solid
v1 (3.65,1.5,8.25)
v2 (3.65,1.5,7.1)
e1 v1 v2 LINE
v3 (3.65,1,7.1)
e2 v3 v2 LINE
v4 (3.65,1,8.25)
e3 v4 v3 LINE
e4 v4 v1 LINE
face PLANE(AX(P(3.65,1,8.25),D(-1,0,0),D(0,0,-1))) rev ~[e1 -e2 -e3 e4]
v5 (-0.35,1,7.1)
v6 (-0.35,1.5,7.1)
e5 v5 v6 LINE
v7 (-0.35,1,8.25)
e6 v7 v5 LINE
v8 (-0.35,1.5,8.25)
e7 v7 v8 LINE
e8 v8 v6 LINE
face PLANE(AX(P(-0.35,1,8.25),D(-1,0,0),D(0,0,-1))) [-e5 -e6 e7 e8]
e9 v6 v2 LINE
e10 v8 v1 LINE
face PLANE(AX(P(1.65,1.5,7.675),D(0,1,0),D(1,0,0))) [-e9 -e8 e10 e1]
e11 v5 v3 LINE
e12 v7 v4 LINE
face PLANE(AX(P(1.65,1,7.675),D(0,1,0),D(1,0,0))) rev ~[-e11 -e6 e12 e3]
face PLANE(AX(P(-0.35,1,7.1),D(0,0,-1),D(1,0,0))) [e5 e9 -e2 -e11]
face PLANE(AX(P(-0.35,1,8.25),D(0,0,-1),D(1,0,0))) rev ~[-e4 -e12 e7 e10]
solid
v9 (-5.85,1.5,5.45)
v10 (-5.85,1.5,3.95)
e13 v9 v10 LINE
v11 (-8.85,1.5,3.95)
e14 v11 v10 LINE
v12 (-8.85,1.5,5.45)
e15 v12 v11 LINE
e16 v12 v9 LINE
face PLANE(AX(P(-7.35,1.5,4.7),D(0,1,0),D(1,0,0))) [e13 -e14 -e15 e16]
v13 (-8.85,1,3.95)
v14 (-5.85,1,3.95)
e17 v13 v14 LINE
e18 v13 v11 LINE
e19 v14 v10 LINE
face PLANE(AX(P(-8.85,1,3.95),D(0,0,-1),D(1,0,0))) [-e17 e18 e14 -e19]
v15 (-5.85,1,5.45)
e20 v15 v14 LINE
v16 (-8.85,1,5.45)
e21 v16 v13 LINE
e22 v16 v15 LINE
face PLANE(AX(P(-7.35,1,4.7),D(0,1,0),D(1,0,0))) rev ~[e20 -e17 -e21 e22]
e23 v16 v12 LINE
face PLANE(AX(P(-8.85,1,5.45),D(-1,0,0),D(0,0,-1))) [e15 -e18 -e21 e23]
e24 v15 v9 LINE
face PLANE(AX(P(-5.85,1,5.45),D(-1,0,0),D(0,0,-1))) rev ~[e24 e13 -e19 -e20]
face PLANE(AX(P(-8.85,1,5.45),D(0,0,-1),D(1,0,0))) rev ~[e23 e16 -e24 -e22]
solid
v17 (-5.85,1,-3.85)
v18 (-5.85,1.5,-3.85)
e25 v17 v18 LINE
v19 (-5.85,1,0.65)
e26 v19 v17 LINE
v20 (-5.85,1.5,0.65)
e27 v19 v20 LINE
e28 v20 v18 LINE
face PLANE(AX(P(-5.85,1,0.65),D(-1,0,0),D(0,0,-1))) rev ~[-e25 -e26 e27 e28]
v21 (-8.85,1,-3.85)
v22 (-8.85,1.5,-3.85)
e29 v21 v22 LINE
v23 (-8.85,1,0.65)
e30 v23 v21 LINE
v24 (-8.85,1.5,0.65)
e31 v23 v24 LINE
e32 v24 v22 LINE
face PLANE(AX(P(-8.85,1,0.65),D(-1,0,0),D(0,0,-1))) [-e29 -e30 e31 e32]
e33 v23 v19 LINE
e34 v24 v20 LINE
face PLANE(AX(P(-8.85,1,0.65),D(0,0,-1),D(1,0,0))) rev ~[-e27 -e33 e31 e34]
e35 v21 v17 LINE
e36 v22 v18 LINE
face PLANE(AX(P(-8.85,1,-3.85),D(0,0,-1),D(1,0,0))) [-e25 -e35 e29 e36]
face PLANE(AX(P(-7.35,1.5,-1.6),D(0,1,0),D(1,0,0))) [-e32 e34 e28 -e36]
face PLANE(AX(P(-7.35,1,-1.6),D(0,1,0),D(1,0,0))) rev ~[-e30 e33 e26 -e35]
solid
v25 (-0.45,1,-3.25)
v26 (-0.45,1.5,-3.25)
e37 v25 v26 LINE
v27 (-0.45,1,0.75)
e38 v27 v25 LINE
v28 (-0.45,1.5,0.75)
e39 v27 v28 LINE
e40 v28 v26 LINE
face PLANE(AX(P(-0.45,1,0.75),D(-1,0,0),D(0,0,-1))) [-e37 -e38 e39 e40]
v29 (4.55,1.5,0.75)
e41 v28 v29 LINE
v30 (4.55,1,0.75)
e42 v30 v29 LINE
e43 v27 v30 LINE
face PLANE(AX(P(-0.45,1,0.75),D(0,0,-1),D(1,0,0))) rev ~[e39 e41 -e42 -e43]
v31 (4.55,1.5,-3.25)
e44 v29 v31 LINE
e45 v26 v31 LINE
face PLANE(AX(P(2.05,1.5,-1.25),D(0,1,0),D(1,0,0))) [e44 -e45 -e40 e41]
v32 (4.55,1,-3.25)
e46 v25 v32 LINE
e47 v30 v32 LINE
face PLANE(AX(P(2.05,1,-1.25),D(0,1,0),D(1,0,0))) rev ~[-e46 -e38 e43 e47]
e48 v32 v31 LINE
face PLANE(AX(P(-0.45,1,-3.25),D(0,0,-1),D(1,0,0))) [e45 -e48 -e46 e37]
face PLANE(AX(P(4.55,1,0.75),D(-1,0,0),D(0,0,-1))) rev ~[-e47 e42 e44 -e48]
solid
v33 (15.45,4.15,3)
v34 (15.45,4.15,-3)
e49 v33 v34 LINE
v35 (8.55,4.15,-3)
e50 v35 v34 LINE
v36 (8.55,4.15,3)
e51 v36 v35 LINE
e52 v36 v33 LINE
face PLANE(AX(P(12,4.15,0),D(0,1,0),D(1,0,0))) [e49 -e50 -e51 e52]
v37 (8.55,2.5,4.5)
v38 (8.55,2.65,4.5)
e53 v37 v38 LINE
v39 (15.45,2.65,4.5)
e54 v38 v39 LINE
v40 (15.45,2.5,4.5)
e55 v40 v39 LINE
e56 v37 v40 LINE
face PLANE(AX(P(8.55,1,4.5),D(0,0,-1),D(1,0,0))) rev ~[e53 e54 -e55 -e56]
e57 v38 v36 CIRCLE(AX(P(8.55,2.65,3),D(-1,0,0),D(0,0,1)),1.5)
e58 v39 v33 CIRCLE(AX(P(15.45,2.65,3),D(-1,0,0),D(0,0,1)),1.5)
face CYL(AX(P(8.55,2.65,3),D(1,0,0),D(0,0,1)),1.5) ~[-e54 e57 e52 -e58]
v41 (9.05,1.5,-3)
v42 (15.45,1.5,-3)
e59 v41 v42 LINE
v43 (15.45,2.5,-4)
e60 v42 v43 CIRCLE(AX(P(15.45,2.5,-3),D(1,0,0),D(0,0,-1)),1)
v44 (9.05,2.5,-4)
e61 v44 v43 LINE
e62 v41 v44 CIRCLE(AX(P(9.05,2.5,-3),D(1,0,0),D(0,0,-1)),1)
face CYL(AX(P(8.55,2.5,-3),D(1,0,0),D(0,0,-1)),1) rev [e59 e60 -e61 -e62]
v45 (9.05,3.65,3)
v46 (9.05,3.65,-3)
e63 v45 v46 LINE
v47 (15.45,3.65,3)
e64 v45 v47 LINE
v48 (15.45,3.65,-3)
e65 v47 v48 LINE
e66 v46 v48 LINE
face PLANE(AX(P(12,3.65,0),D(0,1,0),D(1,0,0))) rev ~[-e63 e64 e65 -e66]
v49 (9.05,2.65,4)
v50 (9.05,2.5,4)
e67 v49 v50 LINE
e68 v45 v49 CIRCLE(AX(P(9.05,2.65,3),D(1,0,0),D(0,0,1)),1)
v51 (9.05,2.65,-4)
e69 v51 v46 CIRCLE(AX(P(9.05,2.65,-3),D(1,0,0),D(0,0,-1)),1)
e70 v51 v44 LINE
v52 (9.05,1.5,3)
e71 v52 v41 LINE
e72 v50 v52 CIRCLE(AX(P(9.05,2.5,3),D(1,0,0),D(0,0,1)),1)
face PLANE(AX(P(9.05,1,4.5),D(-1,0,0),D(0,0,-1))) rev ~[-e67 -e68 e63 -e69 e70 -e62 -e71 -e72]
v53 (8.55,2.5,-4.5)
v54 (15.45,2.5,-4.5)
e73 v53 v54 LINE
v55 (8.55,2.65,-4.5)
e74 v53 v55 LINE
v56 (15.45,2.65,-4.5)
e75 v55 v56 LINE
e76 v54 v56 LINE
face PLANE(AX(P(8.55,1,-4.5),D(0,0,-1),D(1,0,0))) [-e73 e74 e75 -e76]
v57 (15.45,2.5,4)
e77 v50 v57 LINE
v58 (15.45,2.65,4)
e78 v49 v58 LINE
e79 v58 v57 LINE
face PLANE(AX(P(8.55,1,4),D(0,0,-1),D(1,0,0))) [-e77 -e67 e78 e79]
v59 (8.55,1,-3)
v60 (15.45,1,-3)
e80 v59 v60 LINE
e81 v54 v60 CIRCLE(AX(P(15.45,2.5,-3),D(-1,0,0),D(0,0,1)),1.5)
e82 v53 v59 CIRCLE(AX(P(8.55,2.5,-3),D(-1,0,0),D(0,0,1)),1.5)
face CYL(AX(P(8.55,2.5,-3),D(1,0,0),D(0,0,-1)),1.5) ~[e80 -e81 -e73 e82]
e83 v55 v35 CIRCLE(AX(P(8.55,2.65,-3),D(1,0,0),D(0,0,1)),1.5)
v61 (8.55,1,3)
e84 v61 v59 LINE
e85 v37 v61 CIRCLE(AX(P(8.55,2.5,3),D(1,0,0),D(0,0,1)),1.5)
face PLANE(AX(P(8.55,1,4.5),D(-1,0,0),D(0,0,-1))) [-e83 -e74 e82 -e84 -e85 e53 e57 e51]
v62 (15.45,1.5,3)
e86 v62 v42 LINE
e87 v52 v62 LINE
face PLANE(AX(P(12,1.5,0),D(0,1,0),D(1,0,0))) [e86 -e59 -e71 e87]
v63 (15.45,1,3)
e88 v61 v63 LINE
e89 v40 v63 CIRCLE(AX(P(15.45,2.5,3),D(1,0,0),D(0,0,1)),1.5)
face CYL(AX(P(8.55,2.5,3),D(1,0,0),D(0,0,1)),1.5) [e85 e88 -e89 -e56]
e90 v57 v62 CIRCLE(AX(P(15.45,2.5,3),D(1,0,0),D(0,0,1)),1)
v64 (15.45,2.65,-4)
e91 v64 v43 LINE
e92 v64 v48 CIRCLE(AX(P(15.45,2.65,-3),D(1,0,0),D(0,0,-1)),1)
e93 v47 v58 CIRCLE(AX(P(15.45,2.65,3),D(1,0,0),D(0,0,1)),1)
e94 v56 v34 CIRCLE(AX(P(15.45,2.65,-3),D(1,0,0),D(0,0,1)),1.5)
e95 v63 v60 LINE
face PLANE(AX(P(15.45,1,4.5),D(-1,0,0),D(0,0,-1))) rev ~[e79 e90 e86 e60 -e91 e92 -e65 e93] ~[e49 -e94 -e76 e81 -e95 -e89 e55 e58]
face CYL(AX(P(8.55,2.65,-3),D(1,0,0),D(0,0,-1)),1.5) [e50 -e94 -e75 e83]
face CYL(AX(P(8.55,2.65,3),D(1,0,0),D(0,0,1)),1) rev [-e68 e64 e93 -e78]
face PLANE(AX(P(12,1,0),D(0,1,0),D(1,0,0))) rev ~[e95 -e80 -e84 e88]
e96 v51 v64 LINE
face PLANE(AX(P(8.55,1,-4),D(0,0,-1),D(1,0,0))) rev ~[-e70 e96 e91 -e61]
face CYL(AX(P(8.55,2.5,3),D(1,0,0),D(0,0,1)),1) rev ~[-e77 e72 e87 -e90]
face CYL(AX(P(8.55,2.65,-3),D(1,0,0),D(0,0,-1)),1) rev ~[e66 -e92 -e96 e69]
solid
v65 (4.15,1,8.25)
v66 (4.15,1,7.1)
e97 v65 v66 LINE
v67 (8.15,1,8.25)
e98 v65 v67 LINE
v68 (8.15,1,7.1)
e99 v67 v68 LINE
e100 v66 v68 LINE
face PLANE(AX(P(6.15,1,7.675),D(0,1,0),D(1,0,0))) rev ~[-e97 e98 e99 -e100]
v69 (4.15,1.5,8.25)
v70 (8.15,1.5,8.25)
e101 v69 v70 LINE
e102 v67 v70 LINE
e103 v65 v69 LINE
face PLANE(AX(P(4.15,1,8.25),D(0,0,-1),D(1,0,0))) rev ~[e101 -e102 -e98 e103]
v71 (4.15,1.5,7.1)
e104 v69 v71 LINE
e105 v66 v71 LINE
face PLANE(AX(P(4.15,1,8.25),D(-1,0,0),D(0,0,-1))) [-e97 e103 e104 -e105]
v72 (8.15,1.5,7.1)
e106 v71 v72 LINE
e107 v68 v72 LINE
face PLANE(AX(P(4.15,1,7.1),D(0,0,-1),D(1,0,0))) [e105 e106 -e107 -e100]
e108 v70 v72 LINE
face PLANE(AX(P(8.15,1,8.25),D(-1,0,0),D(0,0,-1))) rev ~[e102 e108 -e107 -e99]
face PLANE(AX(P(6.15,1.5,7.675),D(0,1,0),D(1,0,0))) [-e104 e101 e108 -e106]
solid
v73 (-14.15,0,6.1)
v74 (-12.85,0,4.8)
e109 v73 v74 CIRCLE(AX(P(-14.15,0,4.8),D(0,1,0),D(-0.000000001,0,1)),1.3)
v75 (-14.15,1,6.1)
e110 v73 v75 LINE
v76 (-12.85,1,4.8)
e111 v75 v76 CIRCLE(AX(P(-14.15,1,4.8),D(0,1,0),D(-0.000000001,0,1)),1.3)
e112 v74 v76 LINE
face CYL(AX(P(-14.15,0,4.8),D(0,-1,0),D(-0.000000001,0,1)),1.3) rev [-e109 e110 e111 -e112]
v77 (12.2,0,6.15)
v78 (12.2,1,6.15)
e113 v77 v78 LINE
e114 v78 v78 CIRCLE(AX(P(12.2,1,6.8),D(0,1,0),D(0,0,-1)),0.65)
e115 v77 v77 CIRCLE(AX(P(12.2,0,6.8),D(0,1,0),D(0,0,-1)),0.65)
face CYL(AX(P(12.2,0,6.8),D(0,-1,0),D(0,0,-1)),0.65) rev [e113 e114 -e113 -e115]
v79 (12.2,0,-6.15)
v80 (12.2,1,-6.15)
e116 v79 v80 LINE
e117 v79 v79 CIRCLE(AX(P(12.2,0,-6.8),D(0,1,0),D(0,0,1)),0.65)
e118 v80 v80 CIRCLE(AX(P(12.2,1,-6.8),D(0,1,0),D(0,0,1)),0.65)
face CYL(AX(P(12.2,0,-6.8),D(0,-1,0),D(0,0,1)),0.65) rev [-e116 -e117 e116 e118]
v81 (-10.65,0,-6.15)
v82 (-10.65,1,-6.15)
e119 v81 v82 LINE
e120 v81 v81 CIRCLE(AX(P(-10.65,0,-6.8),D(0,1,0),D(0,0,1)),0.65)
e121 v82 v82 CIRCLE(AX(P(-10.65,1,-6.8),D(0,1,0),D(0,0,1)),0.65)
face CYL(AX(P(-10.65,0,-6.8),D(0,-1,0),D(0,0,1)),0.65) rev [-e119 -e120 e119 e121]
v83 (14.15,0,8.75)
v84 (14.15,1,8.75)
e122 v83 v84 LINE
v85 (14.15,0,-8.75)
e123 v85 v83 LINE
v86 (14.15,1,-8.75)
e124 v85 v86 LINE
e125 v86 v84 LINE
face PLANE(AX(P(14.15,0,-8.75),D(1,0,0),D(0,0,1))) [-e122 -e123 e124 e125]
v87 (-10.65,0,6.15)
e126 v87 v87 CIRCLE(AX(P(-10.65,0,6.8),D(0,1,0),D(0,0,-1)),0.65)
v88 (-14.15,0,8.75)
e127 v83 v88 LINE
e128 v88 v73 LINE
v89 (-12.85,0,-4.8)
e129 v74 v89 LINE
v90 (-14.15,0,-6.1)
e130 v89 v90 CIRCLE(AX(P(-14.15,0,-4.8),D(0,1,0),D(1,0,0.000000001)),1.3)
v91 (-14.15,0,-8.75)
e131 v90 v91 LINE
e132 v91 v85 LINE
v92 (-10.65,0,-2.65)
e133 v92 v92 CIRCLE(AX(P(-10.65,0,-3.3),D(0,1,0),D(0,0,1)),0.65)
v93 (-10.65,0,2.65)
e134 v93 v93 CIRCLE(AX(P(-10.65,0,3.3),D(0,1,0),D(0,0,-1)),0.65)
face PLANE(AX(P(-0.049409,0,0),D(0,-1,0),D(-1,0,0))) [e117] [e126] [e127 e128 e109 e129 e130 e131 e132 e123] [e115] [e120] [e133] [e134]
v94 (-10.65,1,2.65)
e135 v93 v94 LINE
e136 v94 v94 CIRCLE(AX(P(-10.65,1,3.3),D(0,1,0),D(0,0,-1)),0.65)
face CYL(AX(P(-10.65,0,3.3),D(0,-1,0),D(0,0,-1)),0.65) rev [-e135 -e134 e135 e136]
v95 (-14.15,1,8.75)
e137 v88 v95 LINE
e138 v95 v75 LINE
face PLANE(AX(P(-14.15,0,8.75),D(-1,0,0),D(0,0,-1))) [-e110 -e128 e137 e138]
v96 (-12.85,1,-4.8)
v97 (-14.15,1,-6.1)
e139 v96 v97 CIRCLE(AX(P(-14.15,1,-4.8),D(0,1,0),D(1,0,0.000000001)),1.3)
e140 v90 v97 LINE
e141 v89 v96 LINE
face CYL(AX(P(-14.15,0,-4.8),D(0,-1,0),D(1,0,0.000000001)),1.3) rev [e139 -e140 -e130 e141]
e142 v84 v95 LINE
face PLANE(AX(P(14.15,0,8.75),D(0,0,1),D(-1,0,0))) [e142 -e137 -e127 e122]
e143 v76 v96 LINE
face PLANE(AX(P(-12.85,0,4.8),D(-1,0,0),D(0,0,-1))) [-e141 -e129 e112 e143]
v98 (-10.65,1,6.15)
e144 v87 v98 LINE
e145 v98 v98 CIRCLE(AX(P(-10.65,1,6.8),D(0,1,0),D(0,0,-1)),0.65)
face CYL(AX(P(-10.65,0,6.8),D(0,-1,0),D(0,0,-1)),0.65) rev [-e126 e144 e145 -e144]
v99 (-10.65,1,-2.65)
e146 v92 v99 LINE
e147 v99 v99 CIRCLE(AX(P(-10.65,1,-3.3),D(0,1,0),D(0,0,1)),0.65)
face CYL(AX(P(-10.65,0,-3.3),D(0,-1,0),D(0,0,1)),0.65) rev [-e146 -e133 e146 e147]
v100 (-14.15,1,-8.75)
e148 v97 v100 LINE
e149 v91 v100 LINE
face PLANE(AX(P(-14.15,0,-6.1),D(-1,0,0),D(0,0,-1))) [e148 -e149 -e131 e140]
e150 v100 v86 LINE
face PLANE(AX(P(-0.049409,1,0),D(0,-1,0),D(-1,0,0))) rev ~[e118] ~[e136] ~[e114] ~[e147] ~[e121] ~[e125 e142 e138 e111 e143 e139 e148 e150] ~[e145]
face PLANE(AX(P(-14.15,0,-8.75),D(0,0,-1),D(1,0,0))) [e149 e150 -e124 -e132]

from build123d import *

# Parameters (mm, degrees)
CROQUIS1_R                = 0.65
SALIENTE_EXTRUIR1_DEPTH   = 1
CROQUIS2_W                = 6.9
CROQUIS2_H                = 9
SALIENTE_EXTRUIR2_DEPTH   = 3.15
REDONDEO1_R               = 1.5
VACIADO1_T                = -0.5
CROQUIS3_W                = 4
CROQUIS3_H                = 1.15
SALIENTE_EXTRUIR3_DEPTH   = 0.5
SALIENTE_EXTRUIR3_2_DEPTH = 0.5
CROQUIS4_W                = 3
CROQUIS4_H                = 1.5
SALIENTE_EXTRUIR4_DEPTH   = 0.5
CROQUIS4_H_2              = 4.5
SALIENTE_EXTRUIR4_2_DEPTH = 0.5
CROQUIS4_W_2              = 5
CROQUIS4_H_3              = 4
SALIENTE_EXTRUIR4_3_DEPTH = 0.5


with BuildPart() as part:
    # Croquis1 → Saliente-Extruir1 (new body)
    with BuildSketch(Plane(origin=(0, 0, 0), x_dir=(1, 0, 0), z_dir=(0, 1, 0))):
        with BuildLine():
            Line((-14.15, 8.75), (14.15, 8.75))
            Line((14.15, 8.75), (14.15, -8.75))
            Line((14.15, -8.75), (-14.15, -8.75))
            Line((-14.15, -8.75), (-14.15, -6.1))
            ThreePointArc((-14.15, -6.1), (-13.230761184, -5.719238816), (-12.85, -4.8))
            Line((-12.85, -4.8), (-12.85, 4.8))
            ThreePointArc((-12.85, 4.8), (-13.230761184, 5.719238816), (-14.15, 6.1))
            Line((-14.15, 6.1), (-14.15, 8.75))
        make_face()
        with Locations(Location((12.2, 6.8, 0), (0, 0, 270))):
            Circle(CROQUIS1_R, mode=Mode.SUBTRACT)
        with Locations(Location((12.2, -6.8, 0), (0, 0, 90))):
            Circle(CROQUIS1_R, mode=Mode.SUBTRACT)
        with Locations(Location((-10.65, 6.8, 0), (0, 0, 270))):
            Circle(CROQUIS1_R, mode=Mode.SUBTRACT)
        with Locations(Location((-10.65, 3.3, 0), (0, 0, 270))):
            Circle(CROQUIS1_R, mode=Mode.SUBTRACT)
        with Locations(Location((-10.65, -3.3, 0), (0, 0, 90))):
            Circle(CROQUIS1_R, mode=Mode.SUBTRACT)
        with Locations(Location((-10.65, -6.8, 0), (0, 0, 90))):
            Circle(CROQUIS1_R, mode=Mode.SUBTRACT)
    extrude(amount=SALIENTE_EXTRUIR1_DEPTH)


with BuildPart() as body_2:
    # Croquis2 → Saliente-Extruir2 (new body)
    with BuildSketch(Plane(origin=(0, 1, 0), x_dir=(1, 0, 0), z_dir=(0, 1, 0))):
        with Locations((12, 0)):
            Rectangle(CROQUIS2_W, CROQUIS2_H)
    extrude(amount=SALIENTE_EXTRUIR2_DEPTH)

    # Redondeo1
    redondeo1_edges = [body_2.edges().sort_by_distance(p)[0] for p in [
        (12, 4.15, -4.5),
        (12, 1, -4.5),
        (12, 1, 4.5),
        (12, 4.15, 4.5),
    ]]
    fillet(redondeo1_edges, radius=REDONDEO1_R)

    # Vaciado1
    vaciado1_openings = [body_2.faces().sort_by_distance(p)[0] for p in [
        (15.45, 2.575, 0),
    ]]
    offset(amount=VACIADO1_T, openings=vaciado1_openings, kind=Kind.INTERSECTION)


with BuildPart() as body_3:
    # Croquis3 → Saliente-Extruir3 (new body)
    with BuildSketch(Plane(origin=(0, 1, 0), x_dir=(1, 0, 0), z_dir=(0, 1, 0))):
        with Locations((1.65, -7.675)):
            Rectangle(CROQUIS3_W, CROQUIS3_H)
    extrude(amount=SALIENTE_EXTRUIR3_DEPTH)


with BuildPart() as body_4:
    # Croquis3 → Saliente-Extruir3 2 (new body)
    with BuildSketch(Plane(origin=(0, 1, 0), x_dir=(1, 0, 0), z_dir=(0, 1, 0))):
        with Locations((6.15, -7.675)):
            Rectangle(CROQUIS3_W, CROQUIS3_H)
    extrude(amount=SALIENTE_EXTRUIR3_2_DEPTH)


with BuildPart() as body_5:
    # Croquis4 → Saliente-Extruir4 (new body)
    with BuildSketch(Plane(origin=(0, 1, 0), x_dir=(1, 0, 0), z_dir=(0, 1, 0))):
        with Locations((-7.35, -4.7)):
            Rectangle(CROQUIS4_W, CROQUIS4_H)
    extrude(amount=SALIENTE_EXTRUIR4_DEPTH)


with BuildPart() as body_6:
    # Croquis4 → Saliente-Extruir4 2 (new body)
    with BuildSketch(Plane(origin=(0, 1, 0), x_dir=(1, 0, 0), z_dir=(0, 1, 0))):
        with Locations((-7.35, 1.6)):
            Rectangle(CROQUIS4_W, CROQUIS4_H_2)
    extrude(amount=SALIENTE_EXTRUIR4_2_DEPTH)


with BuildPart() as body_7:
    # Croquis4 → Saliente-Extruir4 3 (new body)
    with BuildSketch(Plane(origin=(0, 1, 0), x_dir=(1, 0, 0), z_dir=(0, 1, 0))):
        with Locations((2.05, 1.25)):
            Rectangle(CROQUIS4_W_2, CROQUIS4_H_3)
    extrude(amount=SALIENTE_EXTRUIR4_3_DEPTH)


solid = Compound([part.part, body_2.part, body_3.part, body_4.part, body_5.part, body_6.part, body_7.part])
